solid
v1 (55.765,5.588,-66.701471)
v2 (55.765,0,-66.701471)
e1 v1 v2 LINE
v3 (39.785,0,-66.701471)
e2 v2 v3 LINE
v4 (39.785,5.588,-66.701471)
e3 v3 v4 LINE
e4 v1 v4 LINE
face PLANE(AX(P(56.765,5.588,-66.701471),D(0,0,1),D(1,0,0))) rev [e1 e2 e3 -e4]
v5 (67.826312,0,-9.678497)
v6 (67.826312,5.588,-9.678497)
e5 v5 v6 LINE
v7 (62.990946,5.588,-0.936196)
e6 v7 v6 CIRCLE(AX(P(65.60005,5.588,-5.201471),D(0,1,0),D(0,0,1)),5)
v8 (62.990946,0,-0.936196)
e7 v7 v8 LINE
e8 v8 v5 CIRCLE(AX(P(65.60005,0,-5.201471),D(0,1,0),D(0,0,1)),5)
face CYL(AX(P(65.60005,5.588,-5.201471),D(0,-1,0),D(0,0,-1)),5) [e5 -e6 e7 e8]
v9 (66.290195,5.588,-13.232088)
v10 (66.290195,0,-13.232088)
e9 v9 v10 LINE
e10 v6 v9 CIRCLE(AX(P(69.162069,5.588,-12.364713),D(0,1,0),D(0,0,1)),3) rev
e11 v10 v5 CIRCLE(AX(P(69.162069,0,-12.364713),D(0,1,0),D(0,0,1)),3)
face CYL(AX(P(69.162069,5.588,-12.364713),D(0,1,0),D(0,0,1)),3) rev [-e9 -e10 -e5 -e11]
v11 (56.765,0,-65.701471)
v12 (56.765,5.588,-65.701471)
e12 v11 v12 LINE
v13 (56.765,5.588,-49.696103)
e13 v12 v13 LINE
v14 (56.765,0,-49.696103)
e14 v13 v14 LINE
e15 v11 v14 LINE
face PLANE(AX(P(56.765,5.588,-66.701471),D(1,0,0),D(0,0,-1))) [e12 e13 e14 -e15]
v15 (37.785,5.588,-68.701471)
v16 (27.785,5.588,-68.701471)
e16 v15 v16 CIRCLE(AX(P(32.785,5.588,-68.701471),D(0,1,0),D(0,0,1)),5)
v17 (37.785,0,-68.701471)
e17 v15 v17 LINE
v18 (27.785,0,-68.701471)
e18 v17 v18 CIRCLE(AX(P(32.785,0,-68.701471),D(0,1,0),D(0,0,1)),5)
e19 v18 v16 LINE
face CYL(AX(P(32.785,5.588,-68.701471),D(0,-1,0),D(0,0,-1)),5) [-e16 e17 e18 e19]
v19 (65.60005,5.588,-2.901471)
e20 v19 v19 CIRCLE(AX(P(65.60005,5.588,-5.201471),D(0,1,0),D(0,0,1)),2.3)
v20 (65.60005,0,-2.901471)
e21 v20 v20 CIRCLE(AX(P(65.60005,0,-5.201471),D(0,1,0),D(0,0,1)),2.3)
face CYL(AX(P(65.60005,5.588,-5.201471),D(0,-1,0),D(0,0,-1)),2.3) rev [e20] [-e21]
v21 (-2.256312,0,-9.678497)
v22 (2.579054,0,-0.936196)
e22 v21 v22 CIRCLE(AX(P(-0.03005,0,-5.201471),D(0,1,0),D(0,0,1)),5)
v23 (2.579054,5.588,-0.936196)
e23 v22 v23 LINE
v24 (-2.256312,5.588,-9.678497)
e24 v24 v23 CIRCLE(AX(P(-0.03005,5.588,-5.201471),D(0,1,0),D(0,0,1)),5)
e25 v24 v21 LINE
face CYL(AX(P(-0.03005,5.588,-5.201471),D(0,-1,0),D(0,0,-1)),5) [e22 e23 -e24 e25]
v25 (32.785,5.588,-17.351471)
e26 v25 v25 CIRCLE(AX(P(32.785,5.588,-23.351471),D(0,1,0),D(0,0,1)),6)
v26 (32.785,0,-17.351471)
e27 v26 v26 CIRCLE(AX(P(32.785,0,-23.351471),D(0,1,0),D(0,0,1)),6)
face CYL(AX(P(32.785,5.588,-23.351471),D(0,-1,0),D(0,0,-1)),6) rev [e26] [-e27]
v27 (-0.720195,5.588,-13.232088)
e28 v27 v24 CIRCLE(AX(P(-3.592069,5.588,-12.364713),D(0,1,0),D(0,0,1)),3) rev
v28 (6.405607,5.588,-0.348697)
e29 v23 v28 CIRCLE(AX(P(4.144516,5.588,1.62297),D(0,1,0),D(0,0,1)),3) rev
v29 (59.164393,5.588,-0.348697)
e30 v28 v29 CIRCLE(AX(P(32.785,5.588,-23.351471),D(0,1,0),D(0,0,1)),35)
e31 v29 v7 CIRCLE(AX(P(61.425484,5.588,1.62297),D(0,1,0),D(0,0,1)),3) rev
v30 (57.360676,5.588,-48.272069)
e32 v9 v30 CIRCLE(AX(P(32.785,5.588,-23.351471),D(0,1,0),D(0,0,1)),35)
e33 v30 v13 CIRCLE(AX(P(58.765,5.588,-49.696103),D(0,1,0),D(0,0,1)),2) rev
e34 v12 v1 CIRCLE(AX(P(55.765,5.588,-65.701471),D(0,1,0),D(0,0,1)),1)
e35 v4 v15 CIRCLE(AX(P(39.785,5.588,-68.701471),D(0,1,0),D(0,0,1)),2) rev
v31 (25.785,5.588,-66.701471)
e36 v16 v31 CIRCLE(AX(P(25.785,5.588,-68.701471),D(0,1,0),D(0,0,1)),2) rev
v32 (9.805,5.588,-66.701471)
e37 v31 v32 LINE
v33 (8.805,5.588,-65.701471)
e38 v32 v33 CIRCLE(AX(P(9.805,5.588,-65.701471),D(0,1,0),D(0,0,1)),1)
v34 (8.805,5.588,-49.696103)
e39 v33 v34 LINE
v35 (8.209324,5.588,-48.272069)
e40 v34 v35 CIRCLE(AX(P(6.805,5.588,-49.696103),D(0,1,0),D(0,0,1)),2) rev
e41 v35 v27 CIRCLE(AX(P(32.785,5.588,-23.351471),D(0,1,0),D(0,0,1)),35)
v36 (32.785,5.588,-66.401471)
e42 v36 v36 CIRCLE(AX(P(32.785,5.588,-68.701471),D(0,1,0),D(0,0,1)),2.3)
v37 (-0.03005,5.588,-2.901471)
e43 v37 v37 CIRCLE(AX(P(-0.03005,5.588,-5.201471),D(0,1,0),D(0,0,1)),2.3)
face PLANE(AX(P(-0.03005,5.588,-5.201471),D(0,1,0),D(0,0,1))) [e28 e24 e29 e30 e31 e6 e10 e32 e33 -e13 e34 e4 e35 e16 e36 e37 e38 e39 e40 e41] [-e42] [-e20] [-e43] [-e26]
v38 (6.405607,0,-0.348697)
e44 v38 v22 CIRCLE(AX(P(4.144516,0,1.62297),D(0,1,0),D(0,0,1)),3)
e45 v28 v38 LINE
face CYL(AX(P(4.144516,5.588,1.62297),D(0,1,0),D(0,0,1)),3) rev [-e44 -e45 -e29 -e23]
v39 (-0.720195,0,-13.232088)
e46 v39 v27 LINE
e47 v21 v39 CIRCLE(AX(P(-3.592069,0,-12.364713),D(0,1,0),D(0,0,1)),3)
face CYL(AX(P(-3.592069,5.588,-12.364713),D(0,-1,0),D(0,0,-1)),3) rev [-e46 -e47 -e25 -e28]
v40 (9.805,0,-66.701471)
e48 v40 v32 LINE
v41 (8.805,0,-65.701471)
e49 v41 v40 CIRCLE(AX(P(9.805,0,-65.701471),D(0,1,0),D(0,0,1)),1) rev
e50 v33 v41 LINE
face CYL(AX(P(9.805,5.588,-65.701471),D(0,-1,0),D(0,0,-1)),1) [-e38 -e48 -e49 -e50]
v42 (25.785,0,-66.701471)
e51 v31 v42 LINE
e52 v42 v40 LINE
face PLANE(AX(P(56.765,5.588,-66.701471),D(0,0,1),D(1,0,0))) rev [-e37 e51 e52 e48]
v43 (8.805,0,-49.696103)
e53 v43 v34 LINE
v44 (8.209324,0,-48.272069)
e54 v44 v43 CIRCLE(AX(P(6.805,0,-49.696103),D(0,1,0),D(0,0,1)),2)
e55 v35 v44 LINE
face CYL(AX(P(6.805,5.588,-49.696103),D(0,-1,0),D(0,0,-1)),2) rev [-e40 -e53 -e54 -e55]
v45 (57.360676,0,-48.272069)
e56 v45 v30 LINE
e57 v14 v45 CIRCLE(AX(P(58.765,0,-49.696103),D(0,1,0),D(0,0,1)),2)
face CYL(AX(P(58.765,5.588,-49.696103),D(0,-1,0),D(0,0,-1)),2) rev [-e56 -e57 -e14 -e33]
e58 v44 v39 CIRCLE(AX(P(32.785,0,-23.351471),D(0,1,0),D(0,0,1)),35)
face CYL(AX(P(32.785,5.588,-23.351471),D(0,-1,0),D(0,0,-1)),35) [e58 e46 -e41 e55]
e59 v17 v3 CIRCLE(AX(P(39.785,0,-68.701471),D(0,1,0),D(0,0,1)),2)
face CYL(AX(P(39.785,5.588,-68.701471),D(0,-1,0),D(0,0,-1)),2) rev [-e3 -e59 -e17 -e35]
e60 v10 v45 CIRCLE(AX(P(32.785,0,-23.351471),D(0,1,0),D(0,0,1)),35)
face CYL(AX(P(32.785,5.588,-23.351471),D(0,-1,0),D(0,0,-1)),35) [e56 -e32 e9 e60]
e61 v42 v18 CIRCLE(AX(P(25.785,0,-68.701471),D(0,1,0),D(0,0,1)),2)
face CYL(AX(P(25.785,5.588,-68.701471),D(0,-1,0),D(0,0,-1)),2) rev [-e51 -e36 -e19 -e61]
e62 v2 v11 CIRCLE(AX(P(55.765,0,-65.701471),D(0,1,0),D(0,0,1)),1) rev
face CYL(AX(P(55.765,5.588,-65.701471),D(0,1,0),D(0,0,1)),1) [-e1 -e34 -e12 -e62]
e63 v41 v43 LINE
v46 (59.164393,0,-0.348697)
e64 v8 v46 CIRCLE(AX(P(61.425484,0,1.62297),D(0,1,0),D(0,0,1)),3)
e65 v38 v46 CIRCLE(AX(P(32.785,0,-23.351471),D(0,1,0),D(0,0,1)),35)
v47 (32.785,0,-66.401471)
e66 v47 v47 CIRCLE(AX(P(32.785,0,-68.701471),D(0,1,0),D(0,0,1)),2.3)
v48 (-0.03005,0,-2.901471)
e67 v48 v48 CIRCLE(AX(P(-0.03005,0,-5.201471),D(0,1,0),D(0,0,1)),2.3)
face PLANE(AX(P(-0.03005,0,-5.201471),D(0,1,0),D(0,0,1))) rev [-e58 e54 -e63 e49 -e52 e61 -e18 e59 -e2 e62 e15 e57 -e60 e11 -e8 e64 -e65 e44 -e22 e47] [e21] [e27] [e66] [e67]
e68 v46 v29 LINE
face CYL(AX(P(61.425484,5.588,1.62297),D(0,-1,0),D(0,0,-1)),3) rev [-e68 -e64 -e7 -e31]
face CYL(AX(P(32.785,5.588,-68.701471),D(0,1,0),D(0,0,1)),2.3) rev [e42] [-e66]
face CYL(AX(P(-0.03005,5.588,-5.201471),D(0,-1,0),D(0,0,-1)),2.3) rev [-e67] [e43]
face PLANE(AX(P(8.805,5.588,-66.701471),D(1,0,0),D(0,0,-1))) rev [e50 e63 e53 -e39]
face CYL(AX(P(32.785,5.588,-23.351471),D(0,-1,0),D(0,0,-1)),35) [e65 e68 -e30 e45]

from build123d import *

# Parameters (mm, degrees)
SKETCH1_R                  = 35
SKETCH1_R_2                = 6
SKETCH1_R_3                = 5
SKETCH1_R_4                = 2.3
SKETCH1_W                  = 47.96
SKETCH1_H                  = 25
BOSS_EXTRUDE3_DEPTH        = 5.588
F_4_6_4_6_DIAMETER_HOLE1_D = 4.6
FILLET1_R                  = 3
FILLET2_R                  = 2
FILLET3_R                  = 2
FILLET4_R                  = 1


with BuildPart() as part:
    # Sketch1 → Boss-Extrude3 (new body)
    # profile 1 of 5: a face of its own
    with BuildSketch(Plane(origin=(0, 0, 0), x_dir=(1, 0, 0), z_dir=(0, 1, 0))):
        with Locations((32.785, 23.351471482)):
            Circle(SKETCH1_R)
        with Locations(Location((32.785, 23.351471482, 0), (0, 0, 270))):
            Circle(SKETCH1_R_2, mode=Mode.SUBTRACT)
    # profile 2 of 5: a face of its own
    with BuildSketch(Plane(origin=(0, 0, 0), x_dir=(1, 0, 0), z_dir=(0, 1, 0))):
        with Locations((65.600049901, 5.201471482)):
            Circle(SKETCH1_R_3)
        with Locations(Location((65.600049901, 5.201471482, 0), (0, 0, 270))):
            Circle(SKETCH1_R_4, mode=Mode.SUBTRACT)
    # profile 3 of 5: a face of its own
    with BuildSketch(Plane(origin=(0, 0, 0), x_dir=(1, 0, 0), z_dir=(0, 1, 0))):
        with Locations((-0.030049901, 5.201471482)):
            Circle(SKETCH1_R_3)
        with Locations(Location((-0.030049901, 5.201471482, 0), (0, 0, 270))):
            Circle(SKETCH1_R_4, mode=Mode.SUBTRACT)
    # profile 4 of 5: a face of its own
    with BuildSketch(Plane(origin=(0, 0, 0), x_dir=(1, 0, 0), z_dir=(0, 1, 0))):
        with Locations((32.785, 68.701471482)):
            Circle(SKETCH1_R_3)
    # profile 5 of 5: a face of its own
    with BuildSketch(Plane(origin=(0, 0, 0), x_dir=(1, 0, 0), z_dir=(0, 1, 0))):
        with Locations((32.785, 54.201471482)):
            Rectangle(SKETCH1_W, SKETCH1_H)
    extrude(amount=BOSS_EXTRUDE3_DEPTH)

    # Ø4.6 (4.6) Diameter Hole1 (through all)
    with Locations(Plane(origin=(0, 5.588, 0), x_dir=(1, 0, 0), z_dir=(0, 1, 0))):
        with Locations((32.785, 68.701471482)):
            Hole(F_4_6_4_6_DIAMETER_HOLE1_D / 2)

    # Fillet1
    fillet1_edges = [part.edges().sort_by_distance(p)[0] for p in [
        (65.214711372, 2.794, -10.18660079),
        (61.172514444, 2.794, -2.878342174),
        (0.355288628, 2.794, -10.18660079),
        (4.397485556, 2.794, -2.878342174),
    ]]
    fillet(fillet1_edges, radius=FILLET1_R)

    # Fillet2
    fillet2_edges = [part.edges().sort_by_distance(p)[0] for p in [
        (28.202424305, 2.794, -66.701471482),
        (37.367575695, 2.794, -66.701471482),
    ]]
    fillet(fillet2_edges, radius=FILLET2_R)

    # Fillet3
    fillet3_edges = [part.edges().sort_by_distance(p)[0] for p in [
        (8.805, 2.794, -48.845776728),
        (56.765, 2.794, -48.845776728),
    ]]
    fillet(fillet3_edges, radius=FILLET3_R)

    # Fillet4
    fillet4_edges = [part.edges().sort_by_distance(p)[0] for p in [
        (56.765, 2.794, -66.701471482),
        (8.805, 2.794, -66.701471482),
    ]]
    fillet(fillet4_edges, radius=FILLET4_R)


solid = part.part
